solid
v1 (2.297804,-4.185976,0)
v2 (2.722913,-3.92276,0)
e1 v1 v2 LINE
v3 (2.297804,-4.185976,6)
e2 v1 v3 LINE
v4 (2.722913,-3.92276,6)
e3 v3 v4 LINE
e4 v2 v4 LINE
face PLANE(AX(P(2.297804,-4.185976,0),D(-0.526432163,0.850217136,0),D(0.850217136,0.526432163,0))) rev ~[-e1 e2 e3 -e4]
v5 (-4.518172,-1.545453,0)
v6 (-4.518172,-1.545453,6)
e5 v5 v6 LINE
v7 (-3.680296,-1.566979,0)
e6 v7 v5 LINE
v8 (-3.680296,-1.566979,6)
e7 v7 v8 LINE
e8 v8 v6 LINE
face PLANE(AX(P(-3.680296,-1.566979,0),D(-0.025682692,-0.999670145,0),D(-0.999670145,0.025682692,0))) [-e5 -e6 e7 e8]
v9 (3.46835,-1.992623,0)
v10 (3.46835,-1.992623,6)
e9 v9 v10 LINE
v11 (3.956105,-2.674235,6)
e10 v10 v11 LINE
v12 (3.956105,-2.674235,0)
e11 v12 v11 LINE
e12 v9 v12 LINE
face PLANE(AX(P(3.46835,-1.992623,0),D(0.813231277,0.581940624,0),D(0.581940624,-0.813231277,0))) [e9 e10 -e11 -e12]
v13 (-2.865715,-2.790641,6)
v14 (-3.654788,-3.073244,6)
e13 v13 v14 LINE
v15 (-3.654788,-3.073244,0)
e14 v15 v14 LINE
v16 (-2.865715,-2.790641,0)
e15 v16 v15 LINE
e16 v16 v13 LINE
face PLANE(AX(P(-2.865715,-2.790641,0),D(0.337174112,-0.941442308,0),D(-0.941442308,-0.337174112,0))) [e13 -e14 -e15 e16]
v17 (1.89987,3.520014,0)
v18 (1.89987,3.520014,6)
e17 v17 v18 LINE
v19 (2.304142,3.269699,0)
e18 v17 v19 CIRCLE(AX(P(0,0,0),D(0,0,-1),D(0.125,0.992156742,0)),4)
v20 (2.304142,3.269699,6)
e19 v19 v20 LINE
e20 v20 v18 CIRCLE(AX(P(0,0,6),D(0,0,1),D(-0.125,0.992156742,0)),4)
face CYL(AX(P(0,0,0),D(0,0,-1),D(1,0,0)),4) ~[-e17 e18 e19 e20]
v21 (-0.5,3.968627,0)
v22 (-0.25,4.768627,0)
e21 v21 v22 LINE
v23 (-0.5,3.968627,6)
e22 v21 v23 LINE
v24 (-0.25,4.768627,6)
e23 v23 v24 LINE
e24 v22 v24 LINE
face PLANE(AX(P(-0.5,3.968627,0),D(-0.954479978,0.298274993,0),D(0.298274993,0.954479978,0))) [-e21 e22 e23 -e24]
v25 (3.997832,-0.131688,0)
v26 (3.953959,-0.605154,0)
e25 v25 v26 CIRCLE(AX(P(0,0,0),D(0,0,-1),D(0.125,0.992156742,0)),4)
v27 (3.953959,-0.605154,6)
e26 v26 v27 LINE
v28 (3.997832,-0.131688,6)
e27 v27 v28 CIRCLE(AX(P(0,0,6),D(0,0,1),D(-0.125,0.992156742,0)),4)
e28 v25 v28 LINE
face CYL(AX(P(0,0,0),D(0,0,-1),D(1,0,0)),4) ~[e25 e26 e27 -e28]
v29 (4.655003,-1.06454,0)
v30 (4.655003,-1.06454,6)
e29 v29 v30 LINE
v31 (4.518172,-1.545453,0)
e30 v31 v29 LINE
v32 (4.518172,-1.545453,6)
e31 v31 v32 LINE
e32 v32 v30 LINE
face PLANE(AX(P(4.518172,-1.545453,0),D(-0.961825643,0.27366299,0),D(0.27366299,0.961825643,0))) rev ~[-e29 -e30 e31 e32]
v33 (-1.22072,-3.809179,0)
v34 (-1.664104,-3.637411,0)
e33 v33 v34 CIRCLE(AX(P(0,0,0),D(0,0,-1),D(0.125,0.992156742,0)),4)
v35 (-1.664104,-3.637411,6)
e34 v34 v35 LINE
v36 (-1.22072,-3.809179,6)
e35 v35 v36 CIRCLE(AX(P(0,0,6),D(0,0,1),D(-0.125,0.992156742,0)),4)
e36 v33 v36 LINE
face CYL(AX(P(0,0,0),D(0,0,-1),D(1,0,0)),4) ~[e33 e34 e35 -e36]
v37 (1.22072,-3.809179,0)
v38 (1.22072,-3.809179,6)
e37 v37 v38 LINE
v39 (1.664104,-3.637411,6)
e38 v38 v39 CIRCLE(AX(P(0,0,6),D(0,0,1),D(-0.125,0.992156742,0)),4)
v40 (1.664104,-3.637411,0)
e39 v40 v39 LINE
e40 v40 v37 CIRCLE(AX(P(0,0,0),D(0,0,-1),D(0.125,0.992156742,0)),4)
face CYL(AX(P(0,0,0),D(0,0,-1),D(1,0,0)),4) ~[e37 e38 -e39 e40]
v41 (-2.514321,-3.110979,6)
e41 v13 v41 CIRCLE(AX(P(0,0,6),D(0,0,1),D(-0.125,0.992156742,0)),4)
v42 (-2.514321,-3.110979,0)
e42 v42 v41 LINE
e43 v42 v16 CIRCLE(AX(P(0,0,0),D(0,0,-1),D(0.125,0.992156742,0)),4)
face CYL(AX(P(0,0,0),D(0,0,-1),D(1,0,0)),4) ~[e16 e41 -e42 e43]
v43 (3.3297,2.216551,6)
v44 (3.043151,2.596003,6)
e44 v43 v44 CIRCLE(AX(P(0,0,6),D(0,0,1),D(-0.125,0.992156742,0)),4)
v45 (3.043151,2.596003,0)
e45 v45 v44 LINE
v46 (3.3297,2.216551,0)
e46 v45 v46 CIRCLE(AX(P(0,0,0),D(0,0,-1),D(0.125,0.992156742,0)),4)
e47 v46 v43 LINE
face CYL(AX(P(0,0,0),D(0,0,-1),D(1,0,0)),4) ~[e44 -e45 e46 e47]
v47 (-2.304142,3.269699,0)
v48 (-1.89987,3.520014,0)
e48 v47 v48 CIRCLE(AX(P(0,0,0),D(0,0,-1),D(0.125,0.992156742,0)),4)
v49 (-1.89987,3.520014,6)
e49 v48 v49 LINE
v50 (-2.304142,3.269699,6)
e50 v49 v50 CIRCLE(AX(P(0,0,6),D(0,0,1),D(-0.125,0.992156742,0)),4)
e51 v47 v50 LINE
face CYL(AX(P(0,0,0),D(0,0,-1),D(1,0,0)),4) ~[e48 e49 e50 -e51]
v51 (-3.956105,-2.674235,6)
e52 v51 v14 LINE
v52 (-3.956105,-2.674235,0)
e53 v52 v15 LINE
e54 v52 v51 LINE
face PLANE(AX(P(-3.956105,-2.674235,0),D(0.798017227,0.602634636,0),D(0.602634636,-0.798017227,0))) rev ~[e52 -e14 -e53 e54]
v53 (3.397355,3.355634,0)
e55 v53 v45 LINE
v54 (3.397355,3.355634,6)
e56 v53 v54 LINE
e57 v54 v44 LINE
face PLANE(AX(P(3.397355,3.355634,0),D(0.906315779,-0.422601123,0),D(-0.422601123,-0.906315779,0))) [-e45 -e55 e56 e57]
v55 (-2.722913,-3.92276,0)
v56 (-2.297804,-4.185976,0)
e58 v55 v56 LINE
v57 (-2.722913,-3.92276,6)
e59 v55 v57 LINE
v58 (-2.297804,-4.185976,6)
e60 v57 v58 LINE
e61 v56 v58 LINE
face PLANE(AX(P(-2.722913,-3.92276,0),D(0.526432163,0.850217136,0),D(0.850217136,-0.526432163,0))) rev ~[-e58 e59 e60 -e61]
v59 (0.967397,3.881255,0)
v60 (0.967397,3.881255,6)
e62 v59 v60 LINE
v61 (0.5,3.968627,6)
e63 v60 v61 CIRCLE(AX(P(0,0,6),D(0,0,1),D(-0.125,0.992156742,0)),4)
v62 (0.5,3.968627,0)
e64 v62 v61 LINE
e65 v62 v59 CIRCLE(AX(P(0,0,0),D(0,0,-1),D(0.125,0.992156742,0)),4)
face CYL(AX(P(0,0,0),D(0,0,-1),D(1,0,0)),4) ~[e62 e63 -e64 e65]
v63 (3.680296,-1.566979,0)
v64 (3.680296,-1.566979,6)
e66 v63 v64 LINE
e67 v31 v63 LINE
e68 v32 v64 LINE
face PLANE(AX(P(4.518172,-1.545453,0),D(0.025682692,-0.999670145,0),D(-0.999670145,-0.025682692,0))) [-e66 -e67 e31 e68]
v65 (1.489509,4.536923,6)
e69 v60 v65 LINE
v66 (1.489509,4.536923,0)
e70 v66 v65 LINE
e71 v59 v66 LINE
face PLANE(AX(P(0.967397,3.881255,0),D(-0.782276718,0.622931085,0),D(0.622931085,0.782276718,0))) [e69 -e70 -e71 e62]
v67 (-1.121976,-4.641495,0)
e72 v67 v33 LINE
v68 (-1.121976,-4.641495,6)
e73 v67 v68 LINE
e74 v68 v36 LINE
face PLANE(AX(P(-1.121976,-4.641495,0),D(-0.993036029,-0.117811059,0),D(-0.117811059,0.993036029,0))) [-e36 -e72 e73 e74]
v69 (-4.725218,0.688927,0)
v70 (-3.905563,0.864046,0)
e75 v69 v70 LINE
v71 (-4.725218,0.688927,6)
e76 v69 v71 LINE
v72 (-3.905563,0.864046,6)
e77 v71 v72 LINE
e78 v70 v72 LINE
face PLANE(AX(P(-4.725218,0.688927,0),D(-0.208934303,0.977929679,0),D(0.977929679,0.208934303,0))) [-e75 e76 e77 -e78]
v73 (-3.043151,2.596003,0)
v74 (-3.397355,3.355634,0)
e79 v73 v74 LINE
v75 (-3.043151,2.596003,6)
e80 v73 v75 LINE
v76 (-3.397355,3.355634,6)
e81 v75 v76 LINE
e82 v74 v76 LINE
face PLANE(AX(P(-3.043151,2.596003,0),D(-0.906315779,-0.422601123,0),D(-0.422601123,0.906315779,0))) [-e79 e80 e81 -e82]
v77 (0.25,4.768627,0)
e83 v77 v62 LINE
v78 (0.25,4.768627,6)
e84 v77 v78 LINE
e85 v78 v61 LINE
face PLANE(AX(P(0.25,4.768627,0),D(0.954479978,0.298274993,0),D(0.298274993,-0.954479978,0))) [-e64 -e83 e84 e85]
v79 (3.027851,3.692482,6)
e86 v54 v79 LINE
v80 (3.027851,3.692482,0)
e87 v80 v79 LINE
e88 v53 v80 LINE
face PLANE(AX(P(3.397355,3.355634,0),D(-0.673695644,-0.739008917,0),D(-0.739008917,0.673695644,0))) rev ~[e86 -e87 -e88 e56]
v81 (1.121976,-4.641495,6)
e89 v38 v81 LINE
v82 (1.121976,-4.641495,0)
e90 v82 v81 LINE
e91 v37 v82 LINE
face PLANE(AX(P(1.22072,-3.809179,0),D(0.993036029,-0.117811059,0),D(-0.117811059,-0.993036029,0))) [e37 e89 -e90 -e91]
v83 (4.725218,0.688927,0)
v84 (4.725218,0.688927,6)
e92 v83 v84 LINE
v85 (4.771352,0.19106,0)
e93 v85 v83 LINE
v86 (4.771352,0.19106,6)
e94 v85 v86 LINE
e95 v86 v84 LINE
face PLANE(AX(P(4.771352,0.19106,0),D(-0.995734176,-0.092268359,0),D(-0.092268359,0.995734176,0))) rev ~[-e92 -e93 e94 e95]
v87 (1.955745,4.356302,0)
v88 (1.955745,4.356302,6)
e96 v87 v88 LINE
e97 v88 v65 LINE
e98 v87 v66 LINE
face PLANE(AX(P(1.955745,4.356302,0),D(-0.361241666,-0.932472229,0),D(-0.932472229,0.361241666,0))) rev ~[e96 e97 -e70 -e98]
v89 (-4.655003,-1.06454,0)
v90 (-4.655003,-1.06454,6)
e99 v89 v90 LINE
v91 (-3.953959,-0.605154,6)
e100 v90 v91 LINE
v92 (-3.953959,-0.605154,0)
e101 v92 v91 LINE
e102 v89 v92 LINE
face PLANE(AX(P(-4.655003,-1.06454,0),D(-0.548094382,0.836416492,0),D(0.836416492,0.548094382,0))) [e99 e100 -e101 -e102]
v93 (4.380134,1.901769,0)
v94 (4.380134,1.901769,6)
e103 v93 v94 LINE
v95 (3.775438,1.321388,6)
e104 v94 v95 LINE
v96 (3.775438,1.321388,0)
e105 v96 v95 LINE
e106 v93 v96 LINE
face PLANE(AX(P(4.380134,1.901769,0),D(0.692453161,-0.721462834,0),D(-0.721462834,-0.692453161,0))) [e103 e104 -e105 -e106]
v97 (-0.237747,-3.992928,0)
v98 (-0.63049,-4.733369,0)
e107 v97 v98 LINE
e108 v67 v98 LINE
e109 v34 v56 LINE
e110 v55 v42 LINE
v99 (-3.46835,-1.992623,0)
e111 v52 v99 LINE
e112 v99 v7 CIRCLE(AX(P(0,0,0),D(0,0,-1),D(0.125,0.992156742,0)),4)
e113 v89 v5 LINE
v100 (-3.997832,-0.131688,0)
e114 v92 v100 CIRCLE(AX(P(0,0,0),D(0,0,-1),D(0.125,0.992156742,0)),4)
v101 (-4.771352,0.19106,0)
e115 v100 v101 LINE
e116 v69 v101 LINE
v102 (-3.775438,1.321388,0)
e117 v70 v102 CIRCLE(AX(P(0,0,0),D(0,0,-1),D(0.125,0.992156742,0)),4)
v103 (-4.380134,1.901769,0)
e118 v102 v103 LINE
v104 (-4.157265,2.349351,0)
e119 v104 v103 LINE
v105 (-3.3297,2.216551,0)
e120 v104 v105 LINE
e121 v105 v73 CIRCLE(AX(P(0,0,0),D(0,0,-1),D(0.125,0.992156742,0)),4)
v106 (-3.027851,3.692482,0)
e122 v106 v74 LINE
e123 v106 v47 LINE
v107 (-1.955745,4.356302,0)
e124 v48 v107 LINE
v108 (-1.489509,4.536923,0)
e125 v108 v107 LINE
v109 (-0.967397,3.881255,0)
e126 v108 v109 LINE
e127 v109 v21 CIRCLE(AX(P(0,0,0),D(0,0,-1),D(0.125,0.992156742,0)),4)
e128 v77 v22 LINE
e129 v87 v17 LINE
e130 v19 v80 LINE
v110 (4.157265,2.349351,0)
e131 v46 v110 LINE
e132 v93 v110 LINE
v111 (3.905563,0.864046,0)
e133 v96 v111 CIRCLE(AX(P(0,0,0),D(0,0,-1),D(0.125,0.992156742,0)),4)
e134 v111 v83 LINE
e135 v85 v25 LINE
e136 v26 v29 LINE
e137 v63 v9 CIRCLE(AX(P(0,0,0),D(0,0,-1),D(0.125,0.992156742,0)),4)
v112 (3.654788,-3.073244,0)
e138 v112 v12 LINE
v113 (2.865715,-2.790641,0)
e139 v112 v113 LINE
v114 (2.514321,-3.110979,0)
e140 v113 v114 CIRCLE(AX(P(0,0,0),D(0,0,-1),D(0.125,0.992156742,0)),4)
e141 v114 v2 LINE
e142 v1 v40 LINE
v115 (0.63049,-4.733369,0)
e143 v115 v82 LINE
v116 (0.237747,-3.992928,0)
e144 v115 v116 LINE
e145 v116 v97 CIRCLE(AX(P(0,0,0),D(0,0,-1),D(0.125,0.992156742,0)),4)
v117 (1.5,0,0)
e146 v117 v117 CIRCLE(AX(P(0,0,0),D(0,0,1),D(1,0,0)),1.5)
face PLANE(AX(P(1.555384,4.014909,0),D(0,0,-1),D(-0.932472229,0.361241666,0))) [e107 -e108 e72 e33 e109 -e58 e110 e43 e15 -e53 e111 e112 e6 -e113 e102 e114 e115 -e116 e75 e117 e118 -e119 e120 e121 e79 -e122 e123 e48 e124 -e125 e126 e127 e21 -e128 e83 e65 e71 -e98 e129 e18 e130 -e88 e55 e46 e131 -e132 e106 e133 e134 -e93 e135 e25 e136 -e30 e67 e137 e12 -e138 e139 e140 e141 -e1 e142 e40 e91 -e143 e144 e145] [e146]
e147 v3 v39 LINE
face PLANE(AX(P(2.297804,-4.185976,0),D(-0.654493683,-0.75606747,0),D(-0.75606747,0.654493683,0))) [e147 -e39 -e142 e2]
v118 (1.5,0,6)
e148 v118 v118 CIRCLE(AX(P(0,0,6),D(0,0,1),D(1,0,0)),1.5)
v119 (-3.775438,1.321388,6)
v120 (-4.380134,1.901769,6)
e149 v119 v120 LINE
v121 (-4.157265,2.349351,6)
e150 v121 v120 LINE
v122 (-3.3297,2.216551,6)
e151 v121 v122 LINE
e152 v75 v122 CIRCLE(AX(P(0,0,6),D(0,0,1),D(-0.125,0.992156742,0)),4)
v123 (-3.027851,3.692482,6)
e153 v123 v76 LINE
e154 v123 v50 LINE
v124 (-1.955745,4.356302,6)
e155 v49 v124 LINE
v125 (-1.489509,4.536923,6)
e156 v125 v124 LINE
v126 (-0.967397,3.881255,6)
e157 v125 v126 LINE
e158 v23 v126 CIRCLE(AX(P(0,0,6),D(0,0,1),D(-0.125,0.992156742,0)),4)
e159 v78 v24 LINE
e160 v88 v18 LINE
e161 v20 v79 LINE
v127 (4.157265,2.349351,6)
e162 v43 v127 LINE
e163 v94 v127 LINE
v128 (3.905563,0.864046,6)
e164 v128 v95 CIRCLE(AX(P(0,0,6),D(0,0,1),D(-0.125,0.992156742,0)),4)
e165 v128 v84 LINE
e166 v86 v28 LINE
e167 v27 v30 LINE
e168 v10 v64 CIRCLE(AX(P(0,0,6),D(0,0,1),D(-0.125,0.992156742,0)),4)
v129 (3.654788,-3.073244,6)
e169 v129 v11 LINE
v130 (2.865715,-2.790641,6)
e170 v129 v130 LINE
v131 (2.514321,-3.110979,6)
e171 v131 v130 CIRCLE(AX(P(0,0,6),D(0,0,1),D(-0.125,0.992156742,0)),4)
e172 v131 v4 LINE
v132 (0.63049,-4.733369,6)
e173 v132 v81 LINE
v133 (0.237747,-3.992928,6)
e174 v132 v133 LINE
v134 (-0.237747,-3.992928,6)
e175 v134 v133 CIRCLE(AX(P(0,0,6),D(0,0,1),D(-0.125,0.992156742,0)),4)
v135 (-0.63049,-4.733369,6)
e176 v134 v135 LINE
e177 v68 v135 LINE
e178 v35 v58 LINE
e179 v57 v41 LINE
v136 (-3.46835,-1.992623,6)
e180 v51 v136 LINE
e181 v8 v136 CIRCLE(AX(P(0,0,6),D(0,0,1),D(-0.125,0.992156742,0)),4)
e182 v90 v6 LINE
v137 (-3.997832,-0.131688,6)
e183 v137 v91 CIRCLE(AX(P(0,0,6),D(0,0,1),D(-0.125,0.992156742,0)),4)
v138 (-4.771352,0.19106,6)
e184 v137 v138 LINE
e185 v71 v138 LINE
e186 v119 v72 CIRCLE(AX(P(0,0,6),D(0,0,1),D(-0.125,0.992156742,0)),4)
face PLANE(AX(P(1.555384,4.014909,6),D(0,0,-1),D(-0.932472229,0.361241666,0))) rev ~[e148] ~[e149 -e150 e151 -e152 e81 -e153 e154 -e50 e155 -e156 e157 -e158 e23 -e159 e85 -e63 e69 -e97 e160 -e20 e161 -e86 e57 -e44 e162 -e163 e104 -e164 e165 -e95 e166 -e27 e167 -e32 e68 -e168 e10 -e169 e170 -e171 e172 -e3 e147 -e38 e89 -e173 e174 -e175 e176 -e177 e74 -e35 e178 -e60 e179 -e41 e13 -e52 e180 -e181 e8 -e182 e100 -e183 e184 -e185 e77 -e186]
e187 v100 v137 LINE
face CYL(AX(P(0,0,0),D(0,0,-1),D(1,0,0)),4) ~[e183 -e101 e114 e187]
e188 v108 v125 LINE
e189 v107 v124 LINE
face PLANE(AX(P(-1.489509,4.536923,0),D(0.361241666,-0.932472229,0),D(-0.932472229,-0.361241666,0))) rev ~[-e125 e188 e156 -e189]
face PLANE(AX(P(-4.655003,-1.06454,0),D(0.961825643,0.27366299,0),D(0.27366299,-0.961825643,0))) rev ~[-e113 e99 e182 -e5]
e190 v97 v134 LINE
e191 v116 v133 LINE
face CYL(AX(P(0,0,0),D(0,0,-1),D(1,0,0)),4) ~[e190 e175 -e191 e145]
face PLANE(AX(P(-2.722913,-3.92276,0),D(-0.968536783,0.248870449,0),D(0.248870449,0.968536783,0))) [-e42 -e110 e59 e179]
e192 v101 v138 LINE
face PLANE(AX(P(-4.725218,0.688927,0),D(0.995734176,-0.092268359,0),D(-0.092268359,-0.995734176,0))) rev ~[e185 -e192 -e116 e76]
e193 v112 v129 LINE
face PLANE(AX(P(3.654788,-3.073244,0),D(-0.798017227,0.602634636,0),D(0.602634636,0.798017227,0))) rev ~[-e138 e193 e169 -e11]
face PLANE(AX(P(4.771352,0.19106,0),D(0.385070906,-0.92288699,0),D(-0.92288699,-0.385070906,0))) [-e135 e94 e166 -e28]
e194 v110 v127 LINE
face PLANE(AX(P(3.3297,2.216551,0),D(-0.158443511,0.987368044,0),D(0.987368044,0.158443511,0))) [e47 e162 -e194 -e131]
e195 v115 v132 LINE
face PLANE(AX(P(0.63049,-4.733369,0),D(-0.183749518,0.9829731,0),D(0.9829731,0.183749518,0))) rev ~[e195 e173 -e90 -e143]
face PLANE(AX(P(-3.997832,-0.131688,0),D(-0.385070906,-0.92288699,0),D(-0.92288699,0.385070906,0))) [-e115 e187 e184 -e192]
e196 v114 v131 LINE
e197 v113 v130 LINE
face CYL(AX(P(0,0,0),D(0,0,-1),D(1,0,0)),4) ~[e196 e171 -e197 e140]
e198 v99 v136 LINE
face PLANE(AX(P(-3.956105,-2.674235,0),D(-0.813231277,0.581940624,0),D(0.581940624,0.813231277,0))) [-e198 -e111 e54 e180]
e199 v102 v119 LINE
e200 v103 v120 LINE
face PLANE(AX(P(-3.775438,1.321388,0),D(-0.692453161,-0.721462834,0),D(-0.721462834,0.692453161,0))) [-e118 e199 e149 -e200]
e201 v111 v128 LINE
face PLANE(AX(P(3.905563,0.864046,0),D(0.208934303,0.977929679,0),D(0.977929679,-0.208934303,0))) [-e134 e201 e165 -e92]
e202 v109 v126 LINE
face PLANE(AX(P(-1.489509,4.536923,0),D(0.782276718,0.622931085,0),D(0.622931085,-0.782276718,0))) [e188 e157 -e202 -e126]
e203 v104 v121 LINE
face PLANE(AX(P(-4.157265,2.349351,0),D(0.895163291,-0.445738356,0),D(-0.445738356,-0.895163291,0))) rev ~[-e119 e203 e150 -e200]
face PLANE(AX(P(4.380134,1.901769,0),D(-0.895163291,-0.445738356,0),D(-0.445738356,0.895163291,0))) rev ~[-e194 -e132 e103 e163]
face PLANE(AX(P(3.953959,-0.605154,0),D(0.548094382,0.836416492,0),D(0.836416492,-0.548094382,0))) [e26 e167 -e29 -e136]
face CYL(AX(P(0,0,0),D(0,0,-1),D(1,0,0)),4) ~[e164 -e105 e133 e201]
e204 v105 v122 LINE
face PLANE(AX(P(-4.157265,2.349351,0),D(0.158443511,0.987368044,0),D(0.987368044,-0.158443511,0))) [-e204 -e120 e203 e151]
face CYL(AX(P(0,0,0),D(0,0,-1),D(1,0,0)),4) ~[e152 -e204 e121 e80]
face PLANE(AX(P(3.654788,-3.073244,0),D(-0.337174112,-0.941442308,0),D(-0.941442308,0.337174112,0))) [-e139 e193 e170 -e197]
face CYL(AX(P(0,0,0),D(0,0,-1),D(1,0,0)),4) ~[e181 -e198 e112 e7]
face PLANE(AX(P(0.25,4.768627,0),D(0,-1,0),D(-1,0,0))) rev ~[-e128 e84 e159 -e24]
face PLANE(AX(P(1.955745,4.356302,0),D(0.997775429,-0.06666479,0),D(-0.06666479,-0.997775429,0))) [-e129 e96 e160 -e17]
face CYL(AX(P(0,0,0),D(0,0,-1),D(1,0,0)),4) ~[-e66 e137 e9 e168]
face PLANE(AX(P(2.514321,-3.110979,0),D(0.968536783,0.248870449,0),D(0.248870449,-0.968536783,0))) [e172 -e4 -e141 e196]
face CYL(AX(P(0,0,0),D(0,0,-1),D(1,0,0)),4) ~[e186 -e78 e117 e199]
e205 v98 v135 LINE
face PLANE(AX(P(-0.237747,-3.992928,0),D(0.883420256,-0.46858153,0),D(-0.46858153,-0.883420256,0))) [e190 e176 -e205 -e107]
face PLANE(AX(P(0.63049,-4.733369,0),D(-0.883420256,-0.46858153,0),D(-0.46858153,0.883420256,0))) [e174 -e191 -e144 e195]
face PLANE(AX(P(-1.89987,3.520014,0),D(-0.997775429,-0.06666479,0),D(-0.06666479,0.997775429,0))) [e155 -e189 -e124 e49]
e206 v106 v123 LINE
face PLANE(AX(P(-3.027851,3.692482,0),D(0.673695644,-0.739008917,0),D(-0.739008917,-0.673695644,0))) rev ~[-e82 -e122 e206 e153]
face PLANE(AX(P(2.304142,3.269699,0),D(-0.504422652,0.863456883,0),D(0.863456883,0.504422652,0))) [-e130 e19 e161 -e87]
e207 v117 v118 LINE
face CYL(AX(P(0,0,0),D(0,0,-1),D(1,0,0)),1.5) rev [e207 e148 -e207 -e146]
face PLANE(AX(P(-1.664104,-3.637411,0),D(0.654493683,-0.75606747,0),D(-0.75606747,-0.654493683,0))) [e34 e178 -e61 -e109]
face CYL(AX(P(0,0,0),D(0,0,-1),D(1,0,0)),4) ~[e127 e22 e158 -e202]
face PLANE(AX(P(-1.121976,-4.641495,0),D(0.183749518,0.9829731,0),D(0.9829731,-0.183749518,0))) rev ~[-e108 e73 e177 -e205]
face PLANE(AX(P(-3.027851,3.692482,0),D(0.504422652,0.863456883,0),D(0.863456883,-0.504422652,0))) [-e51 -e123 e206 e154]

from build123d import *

# Parameters (mm, degrees)
SKETCH1_R           = 4
BOSS_EXTRUDE1_DEPTH = 6
BOSS_EXTRUDE2_DEPTH = 6
CIRPATTERN1_COUNT   = 17
SKETCH5_R           = 1.5
CUT_EXTRUDE1_DEPTH  = 6


with BuildPart() as part:
    # Sketch1 → Boss-Extrude1 (new body)
    with BuildSketch(Plane.XY):
        Circle(SKETCH1_R)
    extrude(amount=BOSS_EXTRUDE1_DEPTH)

    # Sketch3 → Boss-Extrude2 (add)
    with BuildSketch(Plane.XY):
        Polygon((0, 4.768626967), (0.25, 4.768626967), (0.5, 3.968626967), (-0.5, 3.968626967), (-0.25, 4.768626967), align=None)
    boss_extrude2 = extrude(amount=BOSS_EXTRUDE2_DEPTH)

    # CirPattern1: Boss-Extrude2 ×17 about axis
    cirpattern1_axis = Axis((0, 0, 0), (0, 0, 1))
    for i in range(1, CIRPATTERN1_COUNT):
        add(boss_extrude2.rotate(cirpattern1_axis, i * 360 / CIRPATTERN1_COUNT))

    # Sketch5 → Cut-Extrude1 (cut)
    with BuildSketch(Plane.XY):
        Circle(SKETCH5_R)
    extrude(amount=CUT_EXTRUDE1_DEPTH, mode=Mode.SUBTRACT)


solid = part.part
